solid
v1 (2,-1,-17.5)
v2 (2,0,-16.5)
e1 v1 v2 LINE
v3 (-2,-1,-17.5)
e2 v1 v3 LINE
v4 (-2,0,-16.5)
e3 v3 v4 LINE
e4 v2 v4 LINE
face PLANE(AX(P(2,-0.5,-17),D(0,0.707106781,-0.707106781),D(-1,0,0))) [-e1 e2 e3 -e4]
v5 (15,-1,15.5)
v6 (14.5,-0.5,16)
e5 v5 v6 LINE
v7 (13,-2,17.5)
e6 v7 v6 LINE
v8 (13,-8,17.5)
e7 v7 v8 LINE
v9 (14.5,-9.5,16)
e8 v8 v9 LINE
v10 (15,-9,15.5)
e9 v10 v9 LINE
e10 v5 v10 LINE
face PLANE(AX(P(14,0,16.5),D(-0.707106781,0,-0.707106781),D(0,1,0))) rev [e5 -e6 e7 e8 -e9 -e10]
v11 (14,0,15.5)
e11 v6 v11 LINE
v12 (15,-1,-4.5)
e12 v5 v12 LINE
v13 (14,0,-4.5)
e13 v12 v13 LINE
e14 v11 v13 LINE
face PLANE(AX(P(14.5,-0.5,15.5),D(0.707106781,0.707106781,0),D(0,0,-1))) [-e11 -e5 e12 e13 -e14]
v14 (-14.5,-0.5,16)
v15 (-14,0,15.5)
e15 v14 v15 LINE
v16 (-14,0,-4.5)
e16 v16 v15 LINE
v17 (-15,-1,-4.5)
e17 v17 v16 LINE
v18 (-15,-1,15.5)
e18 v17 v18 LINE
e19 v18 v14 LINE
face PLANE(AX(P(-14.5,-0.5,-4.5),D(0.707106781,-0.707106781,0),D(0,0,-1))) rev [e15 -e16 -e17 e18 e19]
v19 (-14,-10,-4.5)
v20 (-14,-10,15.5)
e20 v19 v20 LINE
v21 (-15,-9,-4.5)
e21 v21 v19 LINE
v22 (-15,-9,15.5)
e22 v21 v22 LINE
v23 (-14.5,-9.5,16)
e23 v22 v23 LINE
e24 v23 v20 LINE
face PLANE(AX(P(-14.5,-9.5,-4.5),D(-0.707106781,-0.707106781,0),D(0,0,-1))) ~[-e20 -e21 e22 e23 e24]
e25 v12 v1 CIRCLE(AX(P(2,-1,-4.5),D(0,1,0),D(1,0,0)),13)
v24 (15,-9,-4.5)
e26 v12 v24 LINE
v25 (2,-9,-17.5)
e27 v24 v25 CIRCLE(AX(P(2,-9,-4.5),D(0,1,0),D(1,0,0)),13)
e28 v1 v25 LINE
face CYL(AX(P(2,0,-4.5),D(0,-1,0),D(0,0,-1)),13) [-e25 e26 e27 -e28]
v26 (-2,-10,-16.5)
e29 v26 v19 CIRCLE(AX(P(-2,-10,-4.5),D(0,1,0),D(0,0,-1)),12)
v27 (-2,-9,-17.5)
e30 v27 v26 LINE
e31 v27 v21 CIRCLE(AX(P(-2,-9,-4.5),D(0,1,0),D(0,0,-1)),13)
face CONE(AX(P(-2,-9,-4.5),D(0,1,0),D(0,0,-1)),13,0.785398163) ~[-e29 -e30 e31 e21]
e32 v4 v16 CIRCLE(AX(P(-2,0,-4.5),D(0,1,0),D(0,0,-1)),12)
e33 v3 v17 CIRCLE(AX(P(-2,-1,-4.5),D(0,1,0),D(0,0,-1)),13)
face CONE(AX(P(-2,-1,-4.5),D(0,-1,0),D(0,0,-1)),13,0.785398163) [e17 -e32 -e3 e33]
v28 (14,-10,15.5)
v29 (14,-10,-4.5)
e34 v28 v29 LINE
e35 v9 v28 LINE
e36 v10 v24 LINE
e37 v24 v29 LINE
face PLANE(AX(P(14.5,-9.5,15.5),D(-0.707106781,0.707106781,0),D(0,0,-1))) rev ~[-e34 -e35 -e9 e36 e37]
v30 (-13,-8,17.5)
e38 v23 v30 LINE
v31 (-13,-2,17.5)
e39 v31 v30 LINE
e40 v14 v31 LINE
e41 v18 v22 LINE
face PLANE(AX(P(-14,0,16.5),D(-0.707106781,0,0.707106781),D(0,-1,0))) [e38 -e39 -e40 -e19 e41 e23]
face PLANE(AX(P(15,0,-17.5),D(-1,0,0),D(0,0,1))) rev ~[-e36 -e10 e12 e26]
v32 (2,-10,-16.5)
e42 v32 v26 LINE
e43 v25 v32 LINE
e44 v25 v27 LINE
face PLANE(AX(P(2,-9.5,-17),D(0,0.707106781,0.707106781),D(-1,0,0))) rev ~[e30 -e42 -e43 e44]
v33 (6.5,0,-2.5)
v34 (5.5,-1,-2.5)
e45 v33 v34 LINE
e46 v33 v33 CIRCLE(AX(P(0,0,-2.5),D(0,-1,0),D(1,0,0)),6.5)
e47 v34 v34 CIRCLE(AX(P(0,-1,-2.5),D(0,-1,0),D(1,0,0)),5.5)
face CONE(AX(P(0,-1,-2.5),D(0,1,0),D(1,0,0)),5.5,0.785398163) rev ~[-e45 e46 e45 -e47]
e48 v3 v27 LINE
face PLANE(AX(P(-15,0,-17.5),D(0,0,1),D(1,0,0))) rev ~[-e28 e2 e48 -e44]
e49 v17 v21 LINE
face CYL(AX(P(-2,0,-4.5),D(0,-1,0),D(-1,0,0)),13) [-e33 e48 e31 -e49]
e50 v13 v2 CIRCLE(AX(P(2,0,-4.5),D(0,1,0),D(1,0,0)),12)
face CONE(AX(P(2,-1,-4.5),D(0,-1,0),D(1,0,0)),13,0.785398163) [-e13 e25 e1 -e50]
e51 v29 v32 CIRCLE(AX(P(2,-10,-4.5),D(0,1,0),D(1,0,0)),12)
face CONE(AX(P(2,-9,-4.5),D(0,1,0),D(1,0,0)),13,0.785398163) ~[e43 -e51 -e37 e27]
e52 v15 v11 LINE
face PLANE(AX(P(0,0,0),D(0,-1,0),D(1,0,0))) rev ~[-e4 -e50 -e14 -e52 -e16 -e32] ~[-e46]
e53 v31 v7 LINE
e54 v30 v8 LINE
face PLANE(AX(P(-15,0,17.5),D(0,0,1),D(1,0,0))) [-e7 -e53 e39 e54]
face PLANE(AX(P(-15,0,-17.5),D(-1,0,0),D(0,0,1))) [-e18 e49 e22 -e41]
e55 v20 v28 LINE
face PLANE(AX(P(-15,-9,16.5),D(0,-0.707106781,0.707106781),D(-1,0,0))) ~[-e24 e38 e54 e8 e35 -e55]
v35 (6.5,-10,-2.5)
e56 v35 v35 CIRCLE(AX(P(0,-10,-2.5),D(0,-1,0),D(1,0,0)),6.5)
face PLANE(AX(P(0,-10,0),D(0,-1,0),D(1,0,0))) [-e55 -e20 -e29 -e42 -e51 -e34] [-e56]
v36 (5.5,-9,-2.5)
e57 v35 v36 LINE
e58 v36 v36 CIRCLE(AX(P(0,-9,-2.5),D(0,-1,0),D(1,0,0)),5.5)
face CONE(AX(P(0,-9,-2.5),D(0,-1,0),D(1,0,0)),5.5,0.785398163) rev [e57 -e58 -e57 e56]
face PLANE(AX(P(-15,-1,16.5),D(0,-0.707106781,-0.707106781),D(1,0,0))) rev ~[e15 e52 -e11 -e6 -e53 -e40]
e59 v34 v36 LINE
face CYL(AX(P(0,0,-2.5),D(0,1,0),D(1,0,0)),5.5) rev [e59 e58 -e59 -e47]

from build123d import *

# Parameters (mm, degrees)
F0_W     = 30
F0_H     = 35
F0_R     = 5.5
F1_DEPTH = 10
F2_R     = 13
F3_SIZE  = 2
F4_SIZE  = 1
F5_SIZE  = 1


with BuildPart() as f1:
    # F0 (on Front) → F1 (new body)
    with BuildSketch(Plane.XZ):
        Rectangle(F0_W, F0_H)
        with Locations((0, -2.5)):
            Circle(F0_R, mode=Mode.SUBTRACT)
    extrude(amount=F1_DEPTH)

    # F2
    f2_edges = [f1.edges().sort_by_distance(p)[0] for p in [
        (15, -5, -17.5),
        (-15, -5, -17.5),
    ]]
    fillet(f2_edges, radius=F2_R)

    # F3
    f3_edges = [f1.edges().sort_by_distance(p)[0] for p in [
        (15, -5, 17.5),
        (-15, -5, 17.5),
        (0, 0, 17.5),
        (0, -10, 17.5),
    ]]
    chamfer(f3_edges, length=F3_SIZE)

    # F4
    f4_edges = [f1.edges().sort_by_distance(p)[0] for p in [
        (-15, -10, 5.5),
        (-15, 0, 5.5),
    ]]
    chamfer(f4_edges, length=F4_SIZE)

    # F5
    f5_edges = [f1.edges().sort_by_distance(p)[0] for p in [
        (5.5, -5, -2.5),
        (-5.5, 0, -2.5),
        (-5.5, -10, -2.5),
    ]]
    chamfer(f5_edges, length=F5_SIZE)


solid = f1.part
